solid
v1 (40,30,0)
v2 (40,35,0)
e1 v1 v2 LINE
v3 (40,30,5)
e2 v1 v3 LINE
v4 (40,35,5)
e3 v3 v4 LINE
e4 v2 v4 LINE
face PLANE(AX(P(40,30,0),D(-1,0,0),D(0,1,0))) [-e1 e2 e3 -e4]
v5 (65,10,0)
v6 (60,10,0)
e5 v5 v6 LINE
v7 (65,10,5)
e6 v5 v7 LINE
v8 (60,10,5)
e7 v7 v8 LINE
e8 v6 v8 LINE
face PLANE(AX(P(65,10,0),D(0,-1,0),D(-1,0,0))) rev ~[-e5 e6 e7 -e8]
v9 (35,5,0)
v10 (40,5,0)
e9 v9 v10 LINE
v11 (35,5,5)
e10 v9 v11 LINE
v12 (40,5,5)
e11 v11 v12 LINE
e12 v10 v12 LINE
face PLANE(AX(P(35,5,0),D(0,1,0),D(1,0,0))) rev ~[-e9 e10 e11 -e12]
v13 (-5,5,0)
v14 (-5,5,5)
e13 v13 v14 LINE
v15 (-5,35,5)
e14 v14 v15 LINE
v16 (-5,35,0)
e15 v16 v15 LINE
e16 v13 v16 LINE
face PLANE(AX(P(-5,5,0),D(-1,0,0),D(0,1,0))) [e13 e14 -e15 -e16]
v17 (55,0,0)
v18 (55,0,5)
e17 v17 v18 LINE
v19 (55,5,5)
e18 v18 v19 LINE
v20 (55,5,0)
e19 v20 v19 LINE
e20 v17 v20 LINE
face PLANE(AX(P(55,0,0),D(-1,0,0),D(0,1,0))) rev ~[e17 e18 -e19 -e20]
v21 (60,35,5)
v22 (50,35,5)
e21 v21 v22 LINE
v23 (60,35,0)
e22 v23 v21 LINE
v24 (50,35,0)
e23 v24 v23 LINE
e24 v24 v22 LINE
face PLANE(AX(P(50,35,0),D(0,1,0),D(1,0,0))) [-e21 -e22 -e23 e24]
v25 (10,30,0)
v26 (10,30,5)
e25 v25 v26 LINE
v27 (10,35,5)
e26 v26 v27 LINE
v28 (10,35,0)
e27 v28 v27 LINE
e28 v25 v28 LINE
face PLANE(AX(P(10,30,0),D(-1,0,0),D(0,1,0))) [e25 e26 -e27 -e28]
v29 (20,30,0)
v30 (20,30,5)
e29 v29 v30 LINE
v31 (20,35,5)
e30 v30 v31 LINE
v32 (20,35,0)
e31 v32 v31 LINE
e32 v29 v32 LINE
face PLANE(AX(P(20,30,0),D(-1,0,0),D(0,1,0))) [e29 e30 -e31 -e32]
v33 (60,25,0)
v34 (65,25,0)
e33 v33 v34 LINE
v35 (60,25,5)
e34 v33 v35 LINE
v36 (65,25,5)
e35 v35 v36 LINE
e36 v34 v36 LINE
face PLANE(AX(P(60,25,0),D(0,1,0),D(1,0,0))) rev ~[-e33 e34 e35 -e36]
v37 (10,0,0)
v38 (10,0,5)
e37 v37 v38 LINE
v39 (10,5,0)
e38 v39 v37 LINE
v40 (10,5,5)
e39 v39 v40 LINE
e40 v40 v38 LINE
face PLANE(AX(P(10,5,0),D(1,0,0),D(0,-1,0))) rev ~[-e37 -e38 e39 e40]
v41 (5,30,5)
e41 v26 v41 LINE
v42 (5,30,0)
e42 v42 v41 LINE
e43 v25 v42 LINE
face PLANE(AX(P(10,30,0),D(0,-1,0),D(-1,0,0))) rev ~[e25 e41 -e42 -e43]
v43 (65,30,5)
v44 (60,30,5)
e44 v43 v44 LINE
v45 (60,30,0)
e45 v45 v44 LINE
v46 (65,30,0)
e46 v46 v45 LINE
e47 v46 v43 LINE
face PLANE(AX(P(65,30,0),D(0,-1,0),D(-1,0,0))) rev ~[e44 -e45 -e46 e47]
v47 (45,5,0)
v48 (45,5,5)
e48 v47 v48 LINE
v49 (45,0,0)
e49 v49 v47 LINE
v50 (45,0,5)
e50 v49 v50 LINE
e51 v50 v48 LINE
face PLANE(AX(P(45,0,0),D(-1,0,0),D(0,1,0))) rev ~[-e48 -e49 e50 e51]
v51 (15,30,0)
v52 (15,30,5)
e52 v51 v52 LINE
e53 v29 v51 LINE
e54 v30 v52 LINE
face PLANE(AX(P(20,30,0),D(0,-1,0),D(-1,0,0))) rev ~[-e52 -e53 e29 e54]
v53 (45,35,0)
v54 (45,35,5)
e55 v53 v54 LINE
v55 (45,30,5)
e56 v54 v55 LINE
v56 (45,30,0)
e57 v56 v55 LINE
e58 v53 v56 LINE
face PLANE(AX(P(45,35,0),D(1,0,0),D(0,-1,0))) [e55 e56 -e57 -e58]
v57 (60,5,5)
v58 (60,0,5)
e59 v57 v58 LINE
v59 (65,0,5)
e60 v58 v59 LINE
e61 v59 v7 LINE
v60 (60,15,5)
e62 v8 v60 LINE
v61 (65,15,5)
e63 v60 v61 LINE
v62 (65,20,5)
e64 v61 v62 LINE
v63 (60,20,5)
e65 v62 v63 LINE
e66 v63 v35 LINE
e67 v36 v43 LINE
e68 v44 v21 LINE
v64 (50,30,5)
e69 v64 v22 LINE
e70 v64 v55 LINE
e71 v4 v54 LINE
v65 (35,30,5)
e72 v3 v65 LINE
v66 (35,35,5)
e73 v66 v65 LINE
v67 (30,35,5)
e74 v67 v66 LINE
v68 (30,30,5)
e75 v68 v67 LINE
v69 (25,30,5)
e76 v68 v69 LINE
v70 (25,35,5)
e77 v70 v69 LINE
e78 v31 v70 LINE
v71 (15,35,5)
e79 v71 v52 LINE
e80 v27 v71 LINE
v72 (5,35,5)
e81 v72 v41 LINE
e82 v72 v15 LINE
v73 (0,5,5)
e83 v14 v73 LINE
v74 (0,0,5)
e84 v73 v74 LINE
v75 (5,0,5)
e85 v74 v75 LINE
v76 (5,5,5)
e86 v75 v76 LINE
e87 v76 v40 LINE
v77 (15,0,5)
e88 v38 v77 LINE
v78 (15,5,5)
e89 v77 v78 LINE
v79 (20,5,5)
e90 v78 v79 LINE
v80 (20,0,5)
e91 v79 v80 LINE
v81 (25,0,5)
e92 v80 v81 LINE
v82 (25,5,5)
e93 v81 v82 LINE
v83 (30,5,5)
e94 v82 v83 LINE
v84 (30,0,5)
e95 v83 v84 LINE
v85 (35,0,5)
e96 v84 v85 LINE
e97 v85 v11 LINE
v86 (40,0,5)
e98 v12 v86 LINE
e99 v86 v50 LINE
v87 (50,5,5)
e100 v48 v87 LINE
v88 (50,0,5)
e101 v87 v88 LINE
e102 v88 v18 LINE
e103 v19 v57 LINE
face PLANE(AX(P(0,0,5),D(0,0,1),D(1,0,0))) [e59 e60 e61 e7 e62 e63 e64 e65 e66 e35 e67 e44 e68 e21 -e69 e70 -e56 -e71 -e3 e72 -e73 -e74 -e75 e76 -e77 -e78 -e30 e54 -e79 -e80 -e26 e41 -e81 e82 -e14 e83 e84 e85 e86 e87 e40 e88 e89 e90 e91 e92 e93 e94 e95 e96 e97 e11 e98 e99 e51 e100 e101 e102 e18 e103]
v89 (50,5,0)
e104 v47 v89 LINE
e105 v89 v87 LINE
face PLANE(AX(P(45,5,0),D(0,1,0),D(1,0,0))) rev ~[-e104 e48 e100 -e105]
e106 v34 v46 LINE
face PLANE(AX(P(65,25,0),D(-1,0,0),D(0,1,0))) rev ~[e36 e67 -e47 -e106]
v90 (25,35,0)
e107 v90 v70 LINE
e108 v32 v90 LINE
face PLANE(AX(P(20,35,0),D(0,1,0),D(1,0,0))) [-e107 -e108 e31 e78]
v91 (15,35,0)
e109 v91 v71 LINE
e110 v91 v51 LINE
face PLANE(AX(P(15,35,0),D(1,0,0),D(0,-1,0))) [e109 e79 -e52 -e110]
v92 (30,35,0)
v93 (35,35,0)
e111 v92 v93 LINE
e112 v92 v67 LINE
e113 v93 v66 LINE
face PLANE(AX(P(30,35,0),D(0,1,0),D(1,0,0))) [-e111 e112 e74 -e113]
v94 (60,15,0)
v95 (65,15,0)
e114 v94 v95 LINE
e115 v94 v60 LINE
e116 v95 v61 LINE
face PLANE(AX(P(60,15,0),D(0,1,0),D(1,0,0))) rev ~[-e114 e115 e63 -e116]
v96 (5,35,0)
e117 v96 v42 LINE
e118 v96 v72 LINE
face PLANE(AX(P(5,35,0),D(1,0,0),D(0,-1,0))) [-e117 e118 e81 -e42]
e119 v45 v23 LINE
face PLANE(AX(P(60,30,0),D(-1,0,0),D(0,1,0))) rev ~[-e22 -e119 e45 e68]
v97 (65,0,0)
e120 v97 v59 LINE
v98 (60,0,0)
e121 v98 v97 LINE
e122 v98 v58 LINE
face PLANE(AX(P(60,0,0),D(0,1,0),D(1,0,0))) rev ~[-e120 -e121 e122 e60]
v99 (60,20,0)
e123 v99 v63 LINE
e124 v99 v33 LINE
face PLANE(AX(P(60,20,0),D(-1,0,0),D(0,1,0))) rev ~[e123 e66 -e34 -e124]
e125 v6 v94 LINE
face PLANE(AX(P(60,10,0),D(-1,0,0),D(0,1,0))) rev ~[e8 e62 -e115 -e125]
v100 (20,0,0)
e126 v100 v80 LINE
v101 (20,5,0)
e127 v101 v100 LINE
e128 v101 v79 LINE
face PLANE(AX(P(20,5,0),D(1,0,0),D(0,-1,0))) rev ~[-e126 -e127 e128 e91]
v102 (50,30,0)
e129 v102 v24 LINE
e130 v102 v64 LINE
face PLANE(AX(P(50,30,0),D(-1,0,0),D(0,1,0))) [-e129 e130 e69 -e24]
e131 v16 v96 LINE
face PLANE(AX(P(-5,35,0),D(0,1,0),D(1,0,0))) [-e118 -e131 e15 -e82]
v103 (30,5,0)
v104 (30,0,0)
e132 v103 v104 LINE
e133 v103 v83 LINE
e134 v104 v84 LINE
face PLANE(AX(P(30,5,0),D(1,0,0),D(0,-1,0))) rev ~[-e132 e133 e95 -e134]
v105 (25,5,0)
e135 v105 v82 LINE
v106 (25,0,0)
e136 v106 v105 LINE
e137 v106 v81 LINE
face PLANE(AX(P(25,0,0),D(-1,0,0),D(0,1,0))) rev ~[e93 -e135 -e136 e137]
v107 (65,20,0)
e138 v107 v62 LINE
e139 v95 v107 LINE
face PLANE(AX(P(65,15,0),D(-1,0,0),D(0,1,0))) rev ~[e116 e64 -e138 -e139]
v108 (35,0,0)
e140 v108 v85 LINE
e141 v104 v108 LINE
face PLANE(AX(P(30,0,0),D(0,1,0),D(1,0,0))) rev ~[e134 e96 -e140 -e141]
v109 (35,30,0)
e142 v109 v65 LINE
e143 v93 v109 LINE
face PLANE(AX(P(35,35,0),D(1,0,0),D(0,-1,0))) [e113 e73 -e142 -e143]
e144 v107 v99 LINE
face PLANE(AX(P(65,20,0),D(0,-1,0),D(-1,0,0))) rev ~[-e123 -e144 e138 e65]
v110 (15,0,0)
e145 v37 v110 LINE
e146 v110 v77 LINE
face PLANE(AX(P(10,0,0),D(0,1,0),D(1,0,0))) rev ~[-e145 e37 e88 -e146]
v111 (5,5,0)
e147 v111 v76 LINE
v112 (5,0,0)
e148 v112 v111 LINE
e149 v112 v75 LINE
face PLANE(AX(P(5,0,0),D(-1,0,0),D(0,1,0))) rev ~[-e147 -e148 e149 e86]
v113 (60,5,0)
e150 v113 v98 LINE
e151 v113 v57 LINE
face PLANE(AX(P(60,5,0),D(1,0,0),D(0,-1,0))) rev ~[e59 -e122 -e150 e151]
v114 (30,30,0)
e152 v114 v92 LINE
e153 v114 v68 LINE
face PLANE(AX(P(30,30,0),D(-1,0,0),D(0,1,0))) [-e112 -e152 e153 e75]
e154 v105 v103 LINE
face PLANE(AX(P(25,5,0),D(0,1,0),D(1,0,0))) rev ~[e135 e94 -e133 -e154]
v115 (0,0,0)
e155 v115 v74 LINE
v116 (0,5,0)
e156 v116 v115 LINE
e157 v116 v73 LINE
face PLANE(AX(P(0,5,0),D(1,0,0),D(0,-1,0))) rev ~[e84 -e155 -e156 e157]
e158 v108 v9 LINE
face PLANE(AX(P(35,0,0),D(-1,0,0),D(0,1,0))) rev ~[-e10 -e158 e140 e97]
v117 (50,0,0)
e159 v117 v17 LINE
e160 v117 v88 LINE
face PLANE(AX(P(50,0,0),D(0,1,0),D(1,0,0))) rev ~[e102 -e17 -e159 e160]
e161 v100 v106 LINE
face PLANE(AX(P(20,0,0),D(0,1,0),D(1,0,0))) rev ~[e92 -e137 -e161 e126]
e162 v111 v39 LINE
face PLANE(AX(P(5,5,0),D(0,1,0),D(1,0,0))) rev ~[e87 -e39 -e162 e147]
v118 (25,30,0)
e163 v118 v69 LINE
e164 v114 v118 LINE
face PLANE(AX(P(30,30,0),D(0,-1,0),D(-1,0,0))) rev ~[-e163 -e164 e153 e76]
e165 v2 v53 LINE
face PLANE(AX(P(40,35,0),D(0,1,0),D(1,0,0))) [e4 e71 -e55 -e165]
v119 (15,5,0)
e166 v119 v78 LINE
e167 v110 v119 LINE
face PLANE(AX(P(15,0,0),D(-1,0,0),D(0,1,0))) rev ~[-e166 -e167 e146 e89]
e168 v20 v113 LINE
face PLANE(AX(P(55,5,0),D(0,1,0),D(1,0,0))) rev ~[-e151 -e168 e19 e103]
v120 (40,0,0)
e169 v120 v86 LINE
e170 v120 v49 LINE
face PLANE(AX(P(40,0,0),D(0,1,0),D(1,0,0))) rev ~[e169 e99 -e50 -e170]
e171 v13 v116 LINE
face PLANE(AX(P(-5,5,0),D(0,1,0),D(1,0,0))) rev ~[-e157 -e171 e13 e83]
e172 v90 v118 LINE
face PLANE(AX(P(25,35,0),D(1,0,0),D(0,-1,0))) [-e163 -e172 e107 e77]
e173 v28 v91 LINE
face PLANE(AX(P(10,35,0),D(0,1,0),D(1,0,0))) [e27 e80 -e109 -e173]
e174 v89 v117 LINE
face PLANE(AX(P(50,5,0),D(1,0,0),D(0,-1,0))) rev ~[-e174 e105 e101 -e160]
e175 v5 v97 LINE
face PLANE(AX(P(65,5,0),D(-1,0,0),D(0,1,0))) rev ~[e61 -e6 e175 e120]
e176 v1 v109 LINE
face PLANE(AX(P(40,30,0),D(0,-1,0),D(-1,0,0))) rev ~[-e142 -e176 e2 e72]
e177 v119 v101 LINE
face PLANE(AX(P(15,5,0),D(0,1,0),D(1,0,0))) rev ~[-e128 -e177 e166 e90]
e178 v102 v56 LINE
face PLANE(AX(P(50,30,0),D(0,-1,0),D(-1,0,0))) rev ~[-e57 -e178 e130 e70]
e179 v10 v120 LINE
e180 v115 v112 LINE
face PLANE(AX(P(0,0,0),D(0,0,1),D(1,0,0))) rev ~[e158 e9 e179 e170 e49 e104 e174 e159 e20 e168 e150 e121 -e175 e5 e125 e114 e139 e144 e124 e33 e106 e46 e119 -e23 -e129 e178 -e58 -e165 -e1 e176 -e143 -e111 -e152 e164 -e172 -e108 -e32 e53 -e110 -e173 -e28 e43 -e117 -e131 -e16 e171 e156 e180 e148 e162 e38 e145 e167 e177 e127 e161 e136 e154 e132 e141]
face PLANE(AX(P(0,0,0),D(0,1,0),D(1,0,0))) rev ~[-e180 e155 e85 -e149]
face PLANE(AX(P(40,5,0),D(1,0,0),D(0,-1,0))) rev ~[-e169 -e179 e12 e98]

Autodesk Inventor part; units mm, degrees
ref_plane "YZ Plane" through (0, 0, 0) normal (1, 0, 0) x (0, 1, 0)
ref_plane "XZ Plane" through (0, 0, 0) normal (0, 1, 0) x (-1, 0, 0)
ref_plane "XY Plane" through (0, 0, 0) normal (0, 0, 1) x (1, 0, 0)
sketch "Sketch2" plane through (0, 0, 0) normal (0, 0, 1) x (1, 0, 0)
  line L0 (0, 0) -> (5, 0)
  line L1 (5, 0) -> (5, 5)
  line L2 (5, 5) -> (0, 5)
  line L3 (0, 5) -> (0, 0)
  line L4 (0, 5) -> (65, 5)
  line L5 (65, 5) -> (65, 30)
  line L6 (65, 30) -> (0, 30)
  line L7 (0, 30) -> (0, 5)
  line L8 (10, 0) -> (15, 0)
  line L9 (15, 0) -> (15, 5)
  line L10 (10, 5) -> (10, 0)
  line L11 (20, 0) -> (25, 0)
  line L12 (25, 0) -> (25, 5)
  line L13 (20, 5) -> (20, 0)
  line L14 (30, 0) -> (35, 0)
  line L15 (35, 0) -> (35, 5)
  line L16 (30, 5) -> (30, 0)
  line L17 (40, 0) -> (45, 0)
  line L18 (45, 0) -> (45, 5)
  line L19 (40, 5) -> (40, 0)
  line L20 (50, 0) -> (55, 0)
  line L21 (55, 0) -> (55, 5)
  line L22 (50, 5) -> (50, 0)
  line L23 (60, 0) -> (65, 0)
  line L24 (65, 0) -> (65, 5)
  line L25 (60, 5) -> (60, 0)
  line L26 (65, 25) -> (70, 25)
  line L27 (70, 25) -> (70, 20)
  line L28 (70, 20) -> (65, 20)
  line L29 (65, 20) -> (65, 25)
  line L30 (65, 15) -> (70, 15)
  line L31 (70, 15) -> (70, 10)
  line L32 (70, 10) -> (65, 10)
  line L33 (65, 10) -> (65, 15)
  line L34 (0, 35) -> (5, 35)
  line L35 (5, 35) -> (5, 30)
  line L36 (5, 30) -> (0, 30)
  line L37 (0, 30) -> (0, 35)
  line L38 (15, 35) -> (15, 30)
  line L39 (15, 30) -> (10, 30)
  line L40 (10, 35) -> (15, 35)
  line L41 (10, 30) -> (10, 35)
  line L42 (25, 35) -> (25, 30)
  line L43 (25, 30) -> (20, 30)
  line L44 (20, 35) -> (25, 35)
  line L45 (20, 30) -> (20, 35)
  line L46 (35, 35) -> (35, 30)
  line L47 (35, 30) -> (30, 30)
  line L48 (30, 35) -> (35, 35)
  line L49 (30, 30) -> (30, 35)
  line L50 (45, 35) -> (45, 30)
  line L51 (45, 30) -> (40, 30)
  line L52 (40, 35) -> (45, 35)
  line L53 (40, 30) -> (40, 35)
  line L54 (55, 35) -> (55, 30)
  line L55 (55, 30) -> (50, 30)
  line L56 (50, 35) -> (55, 35)
  line L57 (50, 30) -> (50, 35)
  line L58 (65, 35) -> (65, 30)
  line L59 (65, 30) -> (60, 30)
  line L60 (60, 35) -> (65, 35)
  line L61 (60, 30) -> (60, 35)
  line L62 (-5, 35) -> (0, 35)
  line L63 (0, 35) -> (0, 0)
  line L64 (0, 0) -> (-5, 0)
  line L65 (-5, 0) -> (-5, 35)
  line L66 (-5, 5) -> (0, 5)
  line L67 (0, 5) -> (0, 0)
  line L68 (0, 0) -> (-5, 0)
  line L69 (-5, 0) -> (-5, 5)
  line L70 (55, 35) -> (60, 35)
  line L71 (60, 35) -> (60, 30)
  line L72 (60, 30) -> (55, 30)
  line L73 (55, 30) -> (55, 35)
  line L74 (60, 25) -> (65, 25)
  line L75 (65, 25) -> (65, 20)
  line L76 (65, 20) -> (60, 20)
  line L77 (60, 20) -> (60, 25)
  line L78 (60, 15) -> (65, 15)
  line L79 (65, 15) -> (65, 10)
  line L80 (65, 10) -> (60, 10)
  line L81 (60, 10) -> (60, 15)
  line L82 (60, 30) -> (65, 30)
  line L83 (65, 30) -> (65, 5)
  line L84 (65, 5) -> (60, 5)
  line L85 (60, 5) -> (60, 30)
  dimension "d97" = 10
  dimension "d102" = 25
  dimension "d105" = 10
extrude "Extrusion3" add sketch "Sketch2" along normal blind 5 contours L3 L2 L1 L0 | L7 L6 L85 L77 L81 L4 L2 | L66 L65 L62 L37 L7 | L37 L34 L35 L6 | L4 L9 L8 L10 | L41 L40 L38 L6 | L4 L12 L11 L13 | L45 L44 L42 L6 | L4 L15 L14 L16 | L49 L48 L46 L6 | L4 L18 L17 L19 | L53 L52 L50 L6 | L4 L21 L20 L22 | L57 L56 L54 L6 | L85 L80 L5 L4 | L4 L24 L23 L25 | L54 L70 L61 L6 | L6 L5 L74 L85 | L85 L76 L5 L78
properties part number "backside"
